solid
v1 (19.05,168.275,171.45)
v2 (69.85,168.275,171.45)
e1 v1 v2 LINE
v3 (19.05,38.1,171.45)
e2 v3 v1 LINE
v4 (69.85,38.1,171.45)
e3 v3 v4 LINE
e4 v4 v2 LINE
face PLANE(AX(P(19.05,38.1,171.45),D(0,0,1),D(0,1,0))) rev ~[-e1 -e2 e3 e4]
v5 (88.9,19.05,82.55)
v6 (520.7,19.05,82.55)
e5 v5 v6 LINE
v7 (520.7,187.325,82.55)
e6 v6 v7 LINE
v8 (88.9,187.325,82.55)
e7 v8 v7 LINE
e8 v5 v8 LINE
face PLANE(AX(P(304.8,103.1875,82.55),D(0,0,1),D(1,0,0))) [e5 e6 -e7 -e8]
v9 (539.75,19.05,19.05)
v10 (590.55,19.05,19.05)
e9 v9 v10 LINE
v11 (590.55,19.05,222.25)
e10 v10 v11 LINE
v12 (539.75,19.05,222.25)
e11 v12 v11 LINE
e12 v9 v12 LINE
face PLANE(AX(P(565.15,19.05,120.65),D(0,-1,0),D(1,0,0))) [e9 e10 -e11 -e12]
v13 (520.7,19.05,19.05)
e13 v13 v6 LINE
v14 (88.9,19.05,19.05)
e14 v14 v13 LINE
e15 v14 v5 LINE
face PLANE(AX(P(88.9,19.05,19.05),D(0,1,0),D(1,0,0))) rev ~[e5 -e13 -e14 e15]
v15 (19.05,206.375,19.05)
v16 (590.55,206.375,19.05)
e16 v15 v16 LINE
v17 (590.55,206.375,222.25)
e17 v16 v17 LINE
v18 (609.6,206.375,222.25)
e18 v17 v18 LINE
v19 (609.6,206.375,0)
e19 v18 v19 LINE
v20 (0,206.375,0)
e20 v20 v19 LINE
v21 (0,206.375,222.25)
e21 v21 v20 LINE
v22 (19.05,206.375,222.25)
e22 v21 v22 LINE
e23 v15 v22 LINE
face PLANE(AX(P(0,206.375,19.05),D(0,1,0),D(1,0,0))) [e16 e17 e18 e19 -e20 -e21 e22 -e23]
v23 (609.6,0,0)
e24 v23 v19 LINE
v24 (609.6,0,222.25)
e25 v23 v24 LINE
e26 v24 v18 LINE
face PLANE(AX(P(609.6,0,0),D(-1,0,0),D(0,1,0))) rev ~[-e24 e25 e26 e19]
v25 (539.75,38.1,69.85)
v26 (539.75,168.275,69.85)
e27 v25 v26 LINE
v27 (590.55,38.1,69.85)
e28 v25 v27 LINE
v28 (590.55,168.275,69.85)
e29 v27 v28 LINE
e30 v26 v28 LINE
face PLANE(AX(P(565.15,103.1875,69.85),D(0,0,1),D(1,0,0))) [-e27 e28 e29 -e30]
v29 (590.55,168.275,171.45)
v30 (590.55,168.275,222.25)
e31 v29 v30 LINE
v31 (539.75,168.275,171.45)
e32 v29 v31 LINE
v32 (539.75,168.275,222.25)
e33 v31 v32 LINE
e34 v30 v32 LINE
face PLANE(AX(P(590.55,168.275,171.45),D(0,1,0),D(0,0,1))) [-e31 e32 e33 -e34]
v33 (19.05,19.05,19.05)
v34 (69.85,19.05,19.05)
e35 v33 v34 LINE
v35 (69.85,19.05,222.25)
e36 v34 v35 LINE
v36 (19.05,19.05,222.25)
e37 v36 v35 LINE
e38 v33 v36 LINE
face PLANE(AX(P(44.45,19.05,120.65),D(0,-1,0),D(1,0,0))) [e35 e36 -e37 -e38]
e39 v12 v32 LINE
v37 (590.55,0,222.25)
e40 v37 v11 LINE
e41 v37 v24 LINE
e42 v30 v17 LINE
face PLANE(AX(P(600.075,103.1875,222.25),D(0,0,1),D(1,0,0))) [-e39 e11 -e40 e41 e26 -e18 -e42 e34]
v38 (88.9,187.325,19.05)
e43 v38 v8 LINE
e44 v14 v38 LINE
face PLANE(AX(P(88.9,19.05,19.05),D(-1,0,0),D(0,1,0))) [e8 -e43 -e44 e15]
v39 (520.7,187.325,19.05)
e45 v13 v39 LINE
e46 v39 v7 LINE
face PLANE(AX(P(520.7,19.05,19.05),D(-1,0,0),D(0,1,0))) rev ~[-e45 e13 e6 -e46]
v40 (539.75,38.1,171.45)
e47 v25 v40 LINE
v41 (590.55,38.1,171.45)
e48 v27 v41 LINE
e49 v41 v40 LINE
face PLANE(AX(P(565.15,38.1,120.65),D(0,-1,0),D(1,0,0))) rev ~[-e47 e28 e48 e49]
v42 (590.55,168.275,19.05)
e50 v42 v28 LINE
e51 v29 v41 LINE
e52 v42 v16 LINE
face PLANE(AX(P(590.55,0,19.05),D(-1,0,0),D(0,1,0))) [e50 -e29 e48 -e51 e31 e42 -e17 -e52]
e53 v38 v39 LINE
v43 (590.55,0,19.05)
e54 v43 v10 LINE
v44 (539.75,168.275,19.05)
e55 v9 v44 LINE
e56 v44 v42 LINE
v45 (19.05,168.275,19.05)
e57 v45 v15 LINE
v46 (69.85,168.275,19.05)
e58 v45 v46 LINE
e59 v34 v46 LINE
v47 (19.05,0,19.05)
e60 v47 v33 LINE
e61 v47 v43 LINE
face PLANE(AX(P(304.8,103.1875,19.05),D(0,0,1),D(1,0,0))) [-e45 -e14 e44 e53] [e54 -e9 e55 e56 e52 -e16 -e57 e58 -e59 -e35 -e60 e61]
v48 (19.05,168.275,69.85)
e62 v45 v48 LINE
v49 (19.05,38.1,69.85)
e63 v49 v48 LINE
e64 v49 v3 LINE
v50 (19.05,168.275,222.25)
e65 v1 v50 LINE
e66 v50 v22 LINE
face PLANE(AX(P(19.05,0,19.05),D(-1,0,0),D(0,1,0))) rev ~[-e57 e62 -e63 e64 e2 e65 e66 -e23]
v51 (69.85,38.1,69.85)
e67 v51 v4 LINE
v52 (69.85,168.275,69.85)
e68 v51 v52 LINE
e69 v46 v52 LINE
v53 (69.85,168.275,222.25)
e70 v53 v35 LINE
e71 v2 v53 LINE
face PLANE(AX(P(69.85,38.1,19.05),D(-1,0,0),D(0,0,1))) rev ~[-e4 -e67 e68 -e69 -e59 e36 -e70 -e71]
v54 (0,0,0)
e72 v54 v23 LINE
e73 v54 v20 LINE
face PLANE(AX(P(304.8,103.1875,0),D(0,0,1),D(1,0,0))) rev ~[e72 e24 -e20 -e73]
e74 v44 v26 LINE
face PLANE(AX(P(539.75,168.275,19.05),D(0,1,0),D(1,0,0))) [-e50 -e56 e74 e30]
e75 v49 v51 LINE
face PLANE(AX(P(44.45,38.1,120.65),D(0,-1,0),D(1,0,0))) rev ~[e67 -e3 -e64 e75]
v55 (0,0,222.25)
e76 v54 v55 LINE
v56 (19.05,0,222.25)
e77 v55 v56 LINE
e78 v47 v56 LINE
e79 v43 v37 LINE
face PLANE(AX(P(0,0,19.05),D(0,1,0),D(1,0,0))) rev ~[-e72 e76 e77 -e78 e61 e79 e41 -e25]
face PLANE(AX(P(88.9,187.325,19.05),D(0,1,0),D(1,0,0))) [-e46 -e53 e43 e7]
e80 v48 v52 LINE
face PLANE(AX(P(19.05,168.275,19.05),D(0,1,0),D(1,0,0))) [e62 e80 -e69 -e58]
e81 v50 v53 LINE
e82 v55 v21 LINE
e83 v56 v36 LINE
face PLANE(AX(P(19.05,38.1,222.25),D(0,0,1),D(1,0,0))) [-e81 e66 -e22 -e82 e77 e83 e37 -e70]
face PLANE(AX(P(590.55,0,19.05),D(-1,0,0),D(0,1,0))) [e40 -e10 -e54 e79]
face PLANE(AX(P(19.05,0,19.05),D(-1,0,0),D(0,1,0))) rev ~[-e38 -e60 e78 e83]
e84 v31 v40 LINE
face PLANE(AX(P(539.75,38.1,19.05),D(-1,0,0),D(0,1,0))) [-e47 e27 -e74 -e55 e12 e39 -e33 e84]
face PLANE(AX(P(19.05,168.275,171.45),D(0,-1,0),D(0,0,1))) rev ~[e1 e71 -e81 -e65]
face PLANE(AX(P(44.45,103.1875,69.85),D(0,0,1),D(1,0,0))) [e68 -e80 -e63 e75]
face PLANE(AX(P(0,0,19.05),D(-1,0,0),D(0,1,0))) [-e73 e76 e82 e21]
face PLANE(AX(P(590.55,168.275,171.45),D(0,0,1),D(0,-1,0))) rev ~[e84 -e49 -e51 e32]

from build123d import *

# Parameters (mm, degrees)
F0_W      = 609.6
F0_H      = 206.375
F1_DEPTH  = 19.05
F2_W      = 431.8
F2_H      = 168.275
F3_DEPTH  = 63.5
F4_W      = 19.05
F4_H      = 206.375
F5_DEPTH  = 203.2
F6_W      = 50.8
F6_H      = 130.175
F7_DEPTH  = 50.8
F8_W      = 130.175
F8_H      = 50.8
F9_DEPTH  = 50.8
F10_W     = 130.175
F10_H     = 50.8
F11_DEPTH = 50.8
F12_W     = 50.8
F12_H     = 203.2
F13_DEPTH = 19.05


with BuildPart() as f1:
    # F0 (on Top) → F1 (new body)
    with BuildSketch(Plane.XY):
        with Locations((304.8, 103.1875)):
            Rectangle(F0_W, F0_H)
    extrude(amount=F1_DEPTH)

    # F2 (on face) → F3 (join)
    with BuildSketch(Plane.XY.offset(19.05)):
        with Locations((304.8, 103.1875)):
            Rectangle(F2_W, F2_H)
    extrude(amount=F3_DEPTH)

    # F4 (on face) → F5 (join)
    with BuildSketch(Plane.XY.offset(19.05)):
        with Locations((9.525, 103.1875)):
            Rectangle(F4_W, F4_H)
        with Locations((600.075, 103.1875)):
            Rectangle(F4_W, F4_H)
    extrude(amount=F5_DEPTH)

    # F6 (on face) → F7 (join)
    with BuildSketch(Plane.XY.offset(19.05)):
        with Locations((44.45, 103.1875)):
            Rectangle(F6_W, F6_H)
        with Locations((565.15, 103.1875)):
            Rectangle(F6_W, F6_H)
    extrude(amount=F7_DEPTH)

    # F8 (on face) → F9 (join)
    with BuildSketch(Plane.YZ.offset(19.05)):
        with Locations((103.1875, 196.85)):
            Rectangle(F8_W, F8_H)
    extrude(amount=F9_DEPTH)

    # F10 (on face) → F11 (join)
    with BuildSketch(Plane(origin=(590.55, 0, 0), x_dir=(0, -1, 0), z_dir=(-1, 0, 0))):
        with Locations((-103.1875, 196.85)):
            Rectangle(F10_W, F10_H)
    extrude(amount=F11_DEPTH)

    # F12 (on face) → F13 (join)
    with BuildSketch(Plane.XZ.offset(-38.1)):
        with Locations((44.45, 120.65)):
            Rectangle(F12_W, F12_H)
        with Locations((565.15, 120.65)):
            Rectangle(F12_W, F12_H)
    extrude(amount=F13_DEPTH)


solid = f1.part
